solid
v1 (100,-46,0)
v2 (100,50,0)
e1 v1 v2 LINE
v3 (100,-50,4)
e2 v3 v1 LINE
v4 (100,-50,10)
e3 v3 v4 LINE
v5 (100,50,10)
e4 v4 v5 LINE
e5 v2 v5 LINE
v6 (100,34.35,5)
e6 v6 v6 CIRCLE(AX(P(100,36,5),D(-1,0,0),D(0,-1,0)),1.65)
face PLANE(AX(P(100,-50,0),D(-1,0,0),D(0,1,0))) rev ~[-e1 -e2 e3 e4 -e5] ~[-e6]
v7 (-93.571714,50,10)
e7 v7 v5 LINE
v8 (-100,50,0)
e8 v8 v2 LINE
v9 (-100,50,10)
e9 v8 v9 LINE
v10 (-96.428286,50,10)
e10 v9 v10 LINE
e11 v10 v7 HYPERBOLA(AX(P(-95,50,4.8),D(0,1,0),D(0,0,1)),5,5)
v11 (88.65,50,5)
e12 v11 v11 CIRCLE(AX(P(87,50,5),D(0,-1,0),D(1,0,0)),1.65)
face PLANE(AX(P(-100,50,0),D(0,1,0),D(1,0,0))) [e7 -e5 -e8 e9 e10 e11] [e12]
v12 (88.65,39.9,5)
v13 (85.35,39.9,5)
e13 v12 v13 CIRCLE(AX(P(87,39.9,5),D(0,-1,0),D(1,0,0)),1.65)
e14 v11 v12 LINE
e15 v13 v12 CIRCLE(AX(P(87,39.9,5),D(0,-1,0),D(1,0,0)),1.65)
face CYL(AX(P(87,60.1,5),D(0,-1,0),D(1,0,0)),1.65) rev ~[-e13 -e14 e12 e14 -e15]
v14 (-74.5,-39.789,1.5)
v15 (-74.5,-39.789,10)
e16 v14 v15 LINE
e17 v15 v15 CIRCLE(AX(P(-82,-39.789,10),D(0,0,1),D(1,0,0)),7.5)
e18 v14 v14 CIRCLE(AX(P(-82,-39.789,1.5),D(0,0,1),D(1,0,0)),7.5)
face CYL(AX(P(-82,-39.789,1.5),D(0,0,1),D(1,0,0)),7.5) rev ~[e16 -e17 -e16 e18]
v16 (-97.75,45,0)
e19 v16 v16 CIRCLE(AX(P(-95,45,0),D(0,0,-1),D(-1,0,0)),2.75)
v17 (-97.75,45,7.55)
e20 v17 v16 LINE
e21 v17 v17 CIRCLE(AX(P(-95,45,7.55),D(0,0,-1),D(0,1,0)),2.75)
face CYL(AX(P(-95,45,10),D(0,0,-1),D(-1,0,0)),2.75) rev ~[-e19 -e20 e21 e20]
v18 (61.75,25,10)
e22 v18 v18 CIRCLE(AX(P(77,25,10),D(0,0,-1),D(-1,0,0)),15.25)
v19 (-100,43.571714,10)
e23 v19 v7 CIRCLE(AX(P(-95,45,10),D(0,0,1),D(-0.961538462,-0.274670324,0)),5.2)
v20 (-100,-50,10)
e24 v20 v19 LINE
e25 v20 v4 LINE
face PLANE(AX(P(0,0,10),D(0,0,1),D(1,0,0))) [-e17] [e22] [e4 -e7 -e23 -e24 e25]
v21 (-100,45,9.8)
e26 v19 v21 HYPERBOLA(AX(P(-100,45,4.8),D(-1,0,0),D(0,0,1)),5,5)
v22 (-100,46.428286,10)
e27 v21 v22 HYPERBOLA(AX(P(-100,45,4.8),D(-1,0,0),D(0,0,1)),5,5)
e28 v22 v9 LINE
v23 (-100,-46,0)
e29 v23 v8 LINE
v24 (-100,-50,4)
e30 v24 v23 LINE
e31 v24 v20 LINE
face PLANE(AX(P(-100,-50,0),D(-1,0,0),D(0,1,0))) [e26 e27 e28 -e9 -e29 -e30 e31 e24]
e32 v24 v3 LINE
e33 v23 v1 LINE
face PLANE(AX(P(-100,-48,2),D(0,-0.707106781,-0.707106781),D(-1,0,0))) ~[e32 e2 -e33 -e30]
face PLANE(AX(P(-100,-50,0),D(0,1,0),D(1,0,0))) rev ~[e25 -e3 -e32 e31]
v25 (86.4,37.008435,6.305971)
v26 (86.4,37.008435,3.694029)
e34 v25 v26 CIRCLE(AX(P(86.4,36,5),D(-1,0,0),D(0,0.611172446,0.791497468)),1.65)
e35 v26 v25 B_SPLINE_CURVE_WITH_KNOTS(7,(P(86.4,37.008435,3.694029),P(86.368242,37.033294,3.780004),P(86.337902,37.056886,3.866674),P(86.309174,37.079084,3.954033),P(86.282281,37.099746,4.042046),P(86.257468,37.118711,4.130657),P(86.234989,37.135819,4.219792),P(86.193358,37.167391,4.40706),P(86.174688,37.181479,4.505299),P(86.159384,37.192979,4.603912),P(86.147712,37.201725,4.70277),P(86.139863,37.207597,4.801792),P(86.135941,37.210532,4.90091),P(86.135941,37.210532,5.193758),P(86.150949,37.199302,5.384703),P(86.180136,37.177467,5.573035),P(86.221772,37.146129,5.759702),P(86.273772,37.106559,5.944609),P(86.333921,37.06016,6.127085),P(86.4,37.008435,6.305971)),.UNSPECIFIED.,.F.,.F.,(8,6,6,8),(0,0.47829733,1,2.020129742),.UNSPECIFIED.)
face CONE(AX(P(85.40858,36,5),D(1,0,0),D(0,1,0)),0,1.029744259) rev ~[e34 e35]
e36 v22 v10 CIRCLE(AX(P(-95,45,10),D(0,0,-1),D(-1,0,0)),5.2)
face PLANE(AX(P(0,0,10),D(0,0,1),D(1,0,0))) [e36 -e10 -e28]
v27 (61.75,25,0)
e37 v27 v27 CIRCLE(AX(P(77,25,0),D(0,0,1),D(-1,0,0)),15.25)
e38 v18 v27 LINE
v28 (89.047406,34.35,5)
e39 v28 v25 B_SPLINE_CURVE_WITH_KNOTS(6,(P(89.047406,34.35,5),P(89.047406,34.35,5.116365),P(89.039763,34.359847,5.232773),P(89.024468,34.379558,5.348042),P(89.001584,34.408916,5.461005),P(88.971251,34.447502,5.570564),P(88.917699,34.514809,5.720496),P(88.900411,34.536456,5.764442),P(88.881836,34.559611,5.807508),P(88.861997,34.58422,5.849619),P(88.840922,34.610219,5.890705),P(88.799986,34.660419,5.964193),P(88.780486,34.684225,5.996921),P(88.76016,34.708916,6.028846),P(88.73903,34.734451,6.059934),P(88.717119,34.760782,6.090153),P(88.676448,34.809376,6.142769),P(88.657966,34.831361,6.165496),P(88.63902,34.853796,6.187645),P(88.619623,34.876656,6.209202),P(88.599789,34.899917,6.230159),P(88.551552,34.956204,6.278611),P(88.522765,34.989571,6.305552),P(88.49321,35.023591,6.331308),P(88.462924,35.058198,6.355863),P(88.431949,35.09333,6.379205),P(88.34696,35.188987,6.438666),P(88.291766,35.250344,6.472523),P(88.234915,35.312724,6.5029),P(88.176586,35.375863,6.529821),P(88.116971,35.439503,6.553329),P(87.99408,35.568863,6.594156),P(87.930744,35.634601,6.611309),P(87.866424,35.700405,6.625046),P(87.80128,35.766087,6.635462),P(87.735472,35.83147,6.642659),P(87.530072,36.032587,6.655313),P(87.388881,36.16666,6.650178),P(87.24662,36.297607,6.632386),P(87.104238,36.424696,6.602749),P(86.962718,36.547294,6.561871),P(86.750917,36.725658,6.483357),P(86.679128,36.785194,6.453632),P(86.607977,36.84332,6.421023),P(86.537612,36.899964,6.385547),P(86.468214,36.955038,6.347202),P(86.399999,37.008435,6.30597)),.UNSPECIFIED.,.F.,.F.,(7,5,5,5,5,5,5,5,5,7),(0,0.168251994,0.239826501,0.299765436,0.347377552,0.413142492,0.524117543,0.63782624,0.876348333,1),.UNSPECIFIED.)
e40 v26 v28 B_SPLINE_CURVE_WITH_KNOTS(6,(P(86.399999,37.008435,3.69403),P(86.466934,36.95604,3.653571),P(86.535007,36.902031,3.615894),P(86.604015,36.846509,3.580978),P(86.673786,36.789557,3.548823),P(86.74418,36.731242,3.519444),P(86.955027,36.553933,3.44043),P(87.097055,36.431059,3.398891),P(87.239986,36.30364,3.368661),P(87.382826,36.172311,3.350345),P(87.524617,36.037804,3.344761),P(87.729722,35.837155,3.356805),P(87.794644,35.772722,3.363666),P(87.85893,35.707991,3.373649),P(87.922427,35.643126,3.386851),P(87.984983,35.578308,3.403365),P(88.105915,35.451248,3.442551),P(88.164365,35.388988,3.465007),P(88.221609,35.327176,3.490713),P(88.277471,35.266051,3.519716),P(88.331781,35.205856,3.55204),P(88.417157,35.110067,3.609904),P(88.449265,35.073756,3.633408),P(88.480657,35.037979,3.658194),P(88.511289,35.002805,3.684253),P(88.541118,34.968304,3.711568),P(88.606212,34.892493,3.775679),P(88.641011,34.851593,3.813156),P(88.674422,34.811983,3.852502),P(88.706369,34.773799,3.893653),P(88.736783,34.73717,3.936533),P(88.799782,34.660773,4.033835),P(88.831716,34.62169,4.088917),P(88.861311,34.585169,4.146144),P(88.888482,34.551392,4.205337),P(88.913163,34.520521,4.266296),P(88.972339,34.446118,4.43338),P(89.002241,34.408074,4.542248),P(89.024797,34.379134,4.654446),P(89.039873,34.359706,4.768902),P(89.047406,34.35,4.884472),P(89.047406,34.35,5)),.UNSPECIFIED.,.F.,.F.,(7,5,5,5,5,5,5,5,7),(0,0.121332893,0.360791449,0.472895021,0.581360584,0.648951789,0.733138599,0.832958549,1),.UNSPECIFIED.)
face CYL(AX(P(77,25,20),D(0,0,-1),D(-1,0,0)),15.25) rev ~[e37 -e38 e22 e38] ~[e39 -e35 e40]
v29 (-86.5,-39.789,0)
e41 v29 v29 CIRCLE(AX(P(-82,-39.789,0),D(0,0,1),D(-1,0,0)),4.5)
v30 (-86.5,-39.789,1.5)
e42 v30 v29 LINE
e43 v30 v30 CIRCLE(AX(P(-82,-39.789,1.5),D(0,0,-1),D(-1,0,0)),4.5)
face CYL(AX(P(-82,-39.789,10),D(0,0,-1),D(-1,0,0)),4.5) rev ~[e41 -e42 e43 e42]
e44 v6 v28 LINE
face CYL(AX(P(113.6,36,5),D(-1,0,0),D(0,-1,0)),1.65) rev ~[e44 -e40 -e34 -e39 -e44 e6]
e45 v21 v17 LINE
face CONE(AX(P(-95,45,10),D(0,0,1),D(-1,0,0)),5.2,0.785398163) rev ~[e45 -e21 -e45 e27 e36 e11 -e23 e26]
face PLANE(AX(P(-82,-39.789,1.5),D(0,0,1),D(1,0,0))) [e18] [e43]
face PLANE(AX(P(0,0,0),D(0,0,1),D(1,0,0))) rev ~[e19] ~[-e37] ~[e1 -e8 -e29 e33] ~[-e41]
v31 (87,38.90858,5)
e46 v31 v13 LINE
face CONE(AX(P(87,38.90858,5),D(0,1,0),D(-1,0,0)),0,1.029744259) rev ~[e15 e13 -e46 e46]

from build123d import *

# Parameters (mm, degrees)
F0_W           = 200
F0_H           = 100
F1_DEPTH       = 10
F2_SIZE        = 4
F4_D           = 9
F4_DEPTH       = 10
F4_CBORE_D     = 15
F4_CBORE_DEPTH = 8.5
F4_TIP         = 2.7038727856
F6_D           = 5.5
F6_DEPTH       = 10
F6_CSINK_D     = 10.4
F6_CSINK_ANGLE = 90
F6_TIP         = 1.6523667023
F8_D           = 30.5
F8_DEPTH       = 10
F8_TIP         = 9.1631244402
F10_D          = 3.3
F10_DEPTH      = 13.6
F10_TIP        = 0.9914200214
F12_D          = 3.3
F12_DEPTH      = 10.1
F12_TIP        = 0.9914200214


with BuildPart() as f1:
    # F0 (on Top) → F1 (new body)
    with BuildSketch(Plane.XY):
        Rectangle(F0_W, F0_H)
    extrude(amount=F1_DEPTH)

    # F2
    f2_edges = [f1.edges().sort_by_distance(p)[0] for p in [
        (0, -50, 0),
    ]]
    chamfer(f2_edges, length=F2_SIZE)

    # F4
    with Locations(Plane.XY.offset(10)):
        with Locations((-82, -39.789)):
            CounterBoreHole(F4_D / 2, F4_CBORE_D / 2, F4_CBORE_DEPTH, depth=F4_DEPTH)
            with Locations((0, 0, -(F4_DEPTH + F4_TIP / 2))):  # 118° drill point
                Cone(0, F4_D / 2, F4_TIP, mode=Mode.SUBTRACT)

    # F6
    with Locations(Plane.XY.offset(10)):
        with Locations((-95, 45)):
            CounterSinkHole(F6_D / 2, F6_CSINK_D / 2, depth=F6_DEPTH, counter_sink_angle=F6_CSINK_ANGLE)
            with Locations((0, 0, -(F6_DEPTH + F6_TIP / 2))):  # 118° drill point
                Cone(0, F6_D / 2, F6_TIP, mode=Mode.SUBTRACT)

    # F8
    with Locations(Plane.XY.offset(10)):
        with Locations((77, 25)):
            Hole(F8_D / 2, depth=F8_DEPTH)
            with Locations((0, 0, -(F8_DEPTH + F8_TIP / 2))):  # 118° drill point
                Cone(0, F8_D / 2, F8_TIP, mode=Mode.SUBTRACT)

    # F10
    with Locations(Plane.YZ.offset(100)):
        with Locations((36, 5)):
            Hole(F10_D / 2, depth=F10_DEPTH)
            with Locations((0, 0, -(F10_DEPTH + F10_TIP / 2))):  # 118° drill point
                Cone(0, F10_D / 2, F10_TIP, mode=Mode.SUBTRACT)

    # F12
    with Locations(Plane(origin=(0, 50, 0), x_dir=(-1, 0, 0), z_dir=(0, 1, 0))):
        with Locations((-87, 5)):
            Hole(F12_D / 2, depth=F12_DEPTH)
            with Locations((0, 0, -(F12_DEPTH + F12_TIP / 2))):  # 118° drill point
                Cone(0, F12_D / 2, F12_TIP, mode=Mode.SUBTRACT)


solid = f1.part
